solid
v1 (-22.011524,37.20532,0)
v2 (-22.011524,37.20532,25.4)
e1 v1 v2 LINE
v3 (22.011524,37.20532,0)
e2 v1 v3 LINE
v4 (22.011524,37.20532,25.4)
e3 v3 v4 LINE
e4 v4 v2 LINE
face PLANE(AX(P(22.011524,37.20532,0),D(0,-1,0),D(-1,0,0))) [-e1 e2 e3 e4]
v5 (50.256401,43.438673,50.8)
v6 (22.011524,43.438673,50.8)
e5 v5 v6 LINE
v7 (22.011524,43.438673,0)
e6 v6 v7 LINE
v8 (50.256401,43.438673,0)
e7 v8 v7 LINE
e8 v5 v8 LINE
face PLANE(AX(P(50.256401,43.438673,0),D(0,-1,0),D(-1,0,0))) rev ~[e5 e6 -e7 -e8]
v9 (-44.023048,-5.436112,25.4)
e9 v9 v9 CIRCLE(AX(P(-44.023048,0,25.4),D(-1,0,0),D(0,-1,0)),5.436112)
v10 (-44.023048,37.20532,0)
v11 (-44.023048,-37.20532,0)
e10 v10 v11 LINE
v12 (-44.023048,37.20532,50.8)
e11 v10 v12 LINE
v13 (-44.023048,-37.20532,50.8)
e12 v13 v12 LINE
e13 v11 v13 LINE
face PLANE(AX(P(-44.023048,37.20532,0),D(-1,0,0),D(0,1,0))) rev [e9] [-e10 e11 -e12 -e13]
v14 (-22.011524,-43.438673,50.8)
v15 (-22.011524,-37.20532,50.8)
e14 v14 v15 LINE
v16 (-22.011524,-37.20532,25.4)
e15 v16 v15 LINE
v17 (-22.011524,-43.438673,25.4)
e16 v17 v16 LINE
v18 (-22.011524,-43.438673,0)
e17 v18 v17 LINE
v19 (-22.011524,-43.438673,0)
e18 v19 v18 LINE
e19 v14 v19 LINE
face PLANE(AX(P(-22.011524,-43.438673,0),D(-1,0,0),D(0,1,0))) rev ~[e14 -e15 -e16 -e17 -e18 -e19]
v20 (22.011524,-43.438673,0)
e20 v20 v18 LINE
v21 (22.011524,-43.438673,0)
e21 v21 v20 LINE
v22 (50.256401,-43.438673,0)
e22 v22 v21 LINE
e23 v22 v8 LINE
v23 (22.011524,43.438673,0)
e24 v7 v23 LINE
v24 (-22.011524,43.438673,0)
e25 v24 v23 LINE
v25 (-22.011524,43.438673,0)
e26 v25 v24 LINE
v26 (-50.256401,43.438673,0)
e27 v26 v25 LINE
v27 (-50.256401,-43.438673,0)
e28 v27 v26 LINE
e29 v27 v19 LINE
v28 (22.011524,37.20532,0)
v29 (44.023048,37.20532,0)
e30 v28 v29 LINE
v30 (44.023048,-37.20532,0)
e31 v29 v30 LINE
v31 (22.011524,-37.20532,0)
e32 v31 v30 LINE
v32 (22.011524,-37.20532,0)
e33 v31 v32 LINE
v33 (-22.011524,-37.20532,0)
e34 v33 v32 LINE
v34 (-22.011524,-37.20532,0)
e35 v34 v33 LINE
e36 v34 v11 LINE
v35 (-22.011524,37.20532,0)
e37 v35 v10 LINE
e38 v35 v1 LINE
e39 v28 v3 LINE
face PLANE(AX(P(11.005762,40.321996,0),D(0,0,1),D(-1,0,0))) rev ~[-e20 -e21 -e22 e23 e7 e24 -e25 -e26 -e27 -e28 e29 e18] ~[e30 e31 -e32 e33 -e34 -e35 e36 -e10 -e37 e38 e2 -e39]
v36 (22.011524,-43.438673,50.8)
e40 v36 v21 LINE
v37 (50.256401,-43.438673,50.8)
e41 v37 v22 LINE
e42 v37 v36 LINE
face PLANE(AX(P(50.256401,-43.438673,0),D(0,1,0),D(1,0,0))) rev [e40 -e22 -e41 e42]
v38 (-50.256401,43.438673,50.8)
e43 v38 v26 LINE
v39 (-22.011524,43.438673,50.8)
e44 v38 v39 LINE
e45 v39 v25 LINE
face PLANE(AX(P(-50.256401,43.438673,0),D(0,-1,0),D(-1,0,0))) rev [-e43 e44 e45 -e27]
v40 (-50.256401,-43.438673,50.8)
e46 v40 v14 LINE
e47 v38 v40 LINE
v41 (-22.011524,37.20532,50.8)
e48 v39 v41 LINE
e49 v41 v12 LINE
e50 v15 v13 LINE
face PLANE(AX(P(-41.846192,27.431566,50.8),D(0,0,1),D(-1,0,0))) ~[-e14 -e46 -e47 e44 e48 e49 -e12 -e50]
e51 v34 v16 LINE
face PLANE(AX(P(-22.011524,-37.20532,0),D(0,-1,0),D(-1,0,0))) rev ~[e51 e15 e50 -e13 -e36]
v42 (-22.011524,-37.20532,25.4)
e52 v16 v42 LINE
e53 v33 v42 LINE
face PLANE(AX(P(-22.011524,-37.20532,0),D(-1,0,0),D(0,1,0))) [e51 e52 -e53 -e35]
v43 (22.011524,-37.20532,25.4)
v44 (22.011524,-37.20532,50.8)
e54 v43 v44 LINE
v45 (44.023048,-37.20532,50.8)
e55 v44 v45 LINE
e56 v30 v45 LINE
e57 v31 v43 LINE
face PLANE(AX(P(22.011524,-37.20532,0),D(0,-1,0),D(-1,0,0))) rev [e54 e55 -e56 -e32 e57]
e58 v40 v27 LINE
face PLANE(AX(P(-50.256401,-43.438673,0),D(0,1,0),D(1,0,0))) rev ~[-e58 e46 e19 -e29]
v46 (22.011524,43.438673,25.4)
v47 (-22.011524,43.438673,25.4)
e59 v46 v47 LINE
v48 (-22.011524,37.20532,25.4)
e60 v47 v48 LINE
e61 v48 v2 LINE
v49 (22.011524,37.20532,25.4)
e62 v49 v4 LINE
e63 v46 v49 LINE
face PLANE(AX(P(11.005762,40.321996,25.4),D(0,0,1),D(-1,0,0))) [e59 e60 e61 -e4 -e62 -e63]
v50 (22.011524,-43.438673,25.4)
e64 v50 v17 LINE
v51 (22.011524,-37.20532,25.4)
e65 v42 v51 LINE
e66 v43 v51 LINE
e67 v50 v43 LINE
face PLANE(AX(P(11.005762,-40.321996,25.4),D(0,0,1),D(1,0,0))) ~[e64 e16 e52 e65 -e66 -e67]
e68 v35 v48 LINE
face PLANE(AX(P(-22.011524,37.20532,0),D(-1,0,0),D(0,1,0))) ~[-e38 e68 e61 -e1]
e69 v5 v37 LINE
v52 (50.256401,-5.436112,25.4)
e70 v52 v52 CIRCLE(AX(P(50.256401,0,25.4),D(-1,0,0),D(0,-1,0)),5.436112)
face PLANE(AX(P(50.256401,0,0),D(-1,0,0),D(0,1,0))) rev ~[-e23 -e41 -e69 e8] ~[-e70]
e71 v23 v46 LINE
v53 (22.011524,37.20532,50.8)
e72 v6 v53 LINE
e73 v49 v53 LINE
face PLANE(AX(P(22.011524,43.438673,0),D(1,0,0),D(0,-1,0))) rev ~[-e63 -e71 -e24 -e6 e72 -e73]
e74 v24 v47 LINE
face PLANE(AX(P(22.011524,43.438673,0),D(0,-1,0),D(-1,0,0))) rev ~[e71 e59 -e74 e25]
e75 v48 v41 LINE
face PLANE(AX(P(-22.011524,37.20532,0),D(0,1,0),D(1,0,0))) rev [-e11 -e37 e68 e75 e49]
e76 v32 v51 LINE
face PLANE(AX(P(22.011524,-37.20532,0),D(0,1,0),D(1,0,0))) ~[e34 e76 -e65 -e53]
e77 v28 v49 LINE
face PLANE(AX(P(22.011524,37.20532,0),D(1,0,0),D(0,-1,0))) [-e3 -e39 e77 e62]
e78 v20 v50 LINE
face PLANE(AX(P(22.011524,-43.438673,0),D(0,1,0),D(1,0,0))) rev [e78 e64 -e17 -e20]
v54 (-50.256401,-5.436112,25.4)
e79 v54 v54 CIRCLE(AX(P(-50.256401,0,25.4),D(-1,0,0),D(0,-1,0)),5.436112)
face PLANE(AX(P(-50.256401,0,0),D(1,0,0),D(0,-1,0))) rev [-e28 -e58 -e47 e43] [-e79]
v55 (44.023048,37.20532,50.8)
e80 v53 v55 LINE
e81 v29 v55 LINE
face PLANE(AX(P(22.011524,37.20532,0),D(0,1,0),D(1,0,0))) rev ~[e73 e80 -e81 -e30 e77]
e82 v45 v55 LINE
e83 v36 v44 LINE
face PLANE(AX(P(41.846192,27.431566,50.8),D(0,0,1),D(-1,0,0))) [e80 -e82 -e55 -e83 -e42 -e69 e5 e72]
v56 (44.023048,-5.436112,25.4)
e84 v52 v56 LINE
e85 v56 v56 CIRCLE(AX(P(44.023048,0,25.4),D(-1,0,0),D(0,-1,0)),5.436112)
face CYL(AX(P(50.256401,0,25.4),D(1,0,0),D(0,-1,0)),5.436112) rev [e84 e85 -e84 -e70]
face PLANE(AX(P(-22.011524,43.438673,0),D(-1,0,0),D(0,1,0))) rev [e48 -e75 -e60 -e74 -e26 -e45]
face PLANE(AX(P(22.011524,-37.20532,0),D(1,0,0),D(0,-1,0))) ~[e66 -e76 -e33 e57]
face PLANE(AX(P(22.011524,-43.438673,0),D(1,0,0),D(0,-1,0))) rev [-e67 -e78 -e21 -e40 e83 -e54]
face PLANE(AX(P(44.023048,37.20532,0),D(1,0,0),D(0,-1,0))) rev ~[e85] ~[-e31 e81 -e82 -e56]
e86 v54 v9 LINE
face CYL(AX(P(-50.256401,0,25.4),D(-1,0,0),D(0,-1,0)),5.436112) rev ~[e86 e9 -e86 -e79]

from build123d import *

# Parameters (mm, degrees)
F1_DEPTH = 50.8
F0_W     = 22.011524
F0_H     = 6.233353
F2_DEPTH = 25.4
F4_R     = 5.436112
F5_DEPTH = 50.257401


with BuildPart() as f1:
    # F0 (on Top) → F1 (new body)
    with BuildSketch(Plane.XY):
        Polygon((-50.256401, -43.438673), (-22.011524, -43.438673), (-22.011524, -37.20532), (-44.023048, -37.20532), (-44.023048, 0), (-50.256401, 0), align=None)
    extrude(amount=F1_DEPTH)

    # F0 (on Top) → F2 (join)
    with BuildSketch(Plane.XY):
        with Locations((-11.005762, -40.321996)):
            Rectangle(F0_W, F0_H)
        Polygon((-50.256401, -43.438673), (-22.011524, -43.438673), (-22.011524, -37.20532), (-44.023048, -37.20532), (-44.023048, 0), (-50.256401, 0), align=None)
    extrude(amount=F2_DEPTH)

    # F3: F1 across plane


with BuildPart() as f1_1:
    add(f1.part)
    add(f1.part.mirror(Plane.XZ))

    # F4 (on face) → F5 (cut, through all)
    with BuildSketch(Plane(origin=(-50.256401, 0, 0), x_dir=(0, -1, 0), z_dir=(-1, 0, 0))):
        with Locations((0, 25.4)):
            Circle(F4_R)
    extrude(amount=-F5_DEPTH, mode=Mode.SUBTRACT)

    # F6: F1 across plane


with BuildPart() as f1_2:
    add(f1_1.part)
    add(f1_1.part.mirror(Plane.YZ))


solid = f1_2.part
